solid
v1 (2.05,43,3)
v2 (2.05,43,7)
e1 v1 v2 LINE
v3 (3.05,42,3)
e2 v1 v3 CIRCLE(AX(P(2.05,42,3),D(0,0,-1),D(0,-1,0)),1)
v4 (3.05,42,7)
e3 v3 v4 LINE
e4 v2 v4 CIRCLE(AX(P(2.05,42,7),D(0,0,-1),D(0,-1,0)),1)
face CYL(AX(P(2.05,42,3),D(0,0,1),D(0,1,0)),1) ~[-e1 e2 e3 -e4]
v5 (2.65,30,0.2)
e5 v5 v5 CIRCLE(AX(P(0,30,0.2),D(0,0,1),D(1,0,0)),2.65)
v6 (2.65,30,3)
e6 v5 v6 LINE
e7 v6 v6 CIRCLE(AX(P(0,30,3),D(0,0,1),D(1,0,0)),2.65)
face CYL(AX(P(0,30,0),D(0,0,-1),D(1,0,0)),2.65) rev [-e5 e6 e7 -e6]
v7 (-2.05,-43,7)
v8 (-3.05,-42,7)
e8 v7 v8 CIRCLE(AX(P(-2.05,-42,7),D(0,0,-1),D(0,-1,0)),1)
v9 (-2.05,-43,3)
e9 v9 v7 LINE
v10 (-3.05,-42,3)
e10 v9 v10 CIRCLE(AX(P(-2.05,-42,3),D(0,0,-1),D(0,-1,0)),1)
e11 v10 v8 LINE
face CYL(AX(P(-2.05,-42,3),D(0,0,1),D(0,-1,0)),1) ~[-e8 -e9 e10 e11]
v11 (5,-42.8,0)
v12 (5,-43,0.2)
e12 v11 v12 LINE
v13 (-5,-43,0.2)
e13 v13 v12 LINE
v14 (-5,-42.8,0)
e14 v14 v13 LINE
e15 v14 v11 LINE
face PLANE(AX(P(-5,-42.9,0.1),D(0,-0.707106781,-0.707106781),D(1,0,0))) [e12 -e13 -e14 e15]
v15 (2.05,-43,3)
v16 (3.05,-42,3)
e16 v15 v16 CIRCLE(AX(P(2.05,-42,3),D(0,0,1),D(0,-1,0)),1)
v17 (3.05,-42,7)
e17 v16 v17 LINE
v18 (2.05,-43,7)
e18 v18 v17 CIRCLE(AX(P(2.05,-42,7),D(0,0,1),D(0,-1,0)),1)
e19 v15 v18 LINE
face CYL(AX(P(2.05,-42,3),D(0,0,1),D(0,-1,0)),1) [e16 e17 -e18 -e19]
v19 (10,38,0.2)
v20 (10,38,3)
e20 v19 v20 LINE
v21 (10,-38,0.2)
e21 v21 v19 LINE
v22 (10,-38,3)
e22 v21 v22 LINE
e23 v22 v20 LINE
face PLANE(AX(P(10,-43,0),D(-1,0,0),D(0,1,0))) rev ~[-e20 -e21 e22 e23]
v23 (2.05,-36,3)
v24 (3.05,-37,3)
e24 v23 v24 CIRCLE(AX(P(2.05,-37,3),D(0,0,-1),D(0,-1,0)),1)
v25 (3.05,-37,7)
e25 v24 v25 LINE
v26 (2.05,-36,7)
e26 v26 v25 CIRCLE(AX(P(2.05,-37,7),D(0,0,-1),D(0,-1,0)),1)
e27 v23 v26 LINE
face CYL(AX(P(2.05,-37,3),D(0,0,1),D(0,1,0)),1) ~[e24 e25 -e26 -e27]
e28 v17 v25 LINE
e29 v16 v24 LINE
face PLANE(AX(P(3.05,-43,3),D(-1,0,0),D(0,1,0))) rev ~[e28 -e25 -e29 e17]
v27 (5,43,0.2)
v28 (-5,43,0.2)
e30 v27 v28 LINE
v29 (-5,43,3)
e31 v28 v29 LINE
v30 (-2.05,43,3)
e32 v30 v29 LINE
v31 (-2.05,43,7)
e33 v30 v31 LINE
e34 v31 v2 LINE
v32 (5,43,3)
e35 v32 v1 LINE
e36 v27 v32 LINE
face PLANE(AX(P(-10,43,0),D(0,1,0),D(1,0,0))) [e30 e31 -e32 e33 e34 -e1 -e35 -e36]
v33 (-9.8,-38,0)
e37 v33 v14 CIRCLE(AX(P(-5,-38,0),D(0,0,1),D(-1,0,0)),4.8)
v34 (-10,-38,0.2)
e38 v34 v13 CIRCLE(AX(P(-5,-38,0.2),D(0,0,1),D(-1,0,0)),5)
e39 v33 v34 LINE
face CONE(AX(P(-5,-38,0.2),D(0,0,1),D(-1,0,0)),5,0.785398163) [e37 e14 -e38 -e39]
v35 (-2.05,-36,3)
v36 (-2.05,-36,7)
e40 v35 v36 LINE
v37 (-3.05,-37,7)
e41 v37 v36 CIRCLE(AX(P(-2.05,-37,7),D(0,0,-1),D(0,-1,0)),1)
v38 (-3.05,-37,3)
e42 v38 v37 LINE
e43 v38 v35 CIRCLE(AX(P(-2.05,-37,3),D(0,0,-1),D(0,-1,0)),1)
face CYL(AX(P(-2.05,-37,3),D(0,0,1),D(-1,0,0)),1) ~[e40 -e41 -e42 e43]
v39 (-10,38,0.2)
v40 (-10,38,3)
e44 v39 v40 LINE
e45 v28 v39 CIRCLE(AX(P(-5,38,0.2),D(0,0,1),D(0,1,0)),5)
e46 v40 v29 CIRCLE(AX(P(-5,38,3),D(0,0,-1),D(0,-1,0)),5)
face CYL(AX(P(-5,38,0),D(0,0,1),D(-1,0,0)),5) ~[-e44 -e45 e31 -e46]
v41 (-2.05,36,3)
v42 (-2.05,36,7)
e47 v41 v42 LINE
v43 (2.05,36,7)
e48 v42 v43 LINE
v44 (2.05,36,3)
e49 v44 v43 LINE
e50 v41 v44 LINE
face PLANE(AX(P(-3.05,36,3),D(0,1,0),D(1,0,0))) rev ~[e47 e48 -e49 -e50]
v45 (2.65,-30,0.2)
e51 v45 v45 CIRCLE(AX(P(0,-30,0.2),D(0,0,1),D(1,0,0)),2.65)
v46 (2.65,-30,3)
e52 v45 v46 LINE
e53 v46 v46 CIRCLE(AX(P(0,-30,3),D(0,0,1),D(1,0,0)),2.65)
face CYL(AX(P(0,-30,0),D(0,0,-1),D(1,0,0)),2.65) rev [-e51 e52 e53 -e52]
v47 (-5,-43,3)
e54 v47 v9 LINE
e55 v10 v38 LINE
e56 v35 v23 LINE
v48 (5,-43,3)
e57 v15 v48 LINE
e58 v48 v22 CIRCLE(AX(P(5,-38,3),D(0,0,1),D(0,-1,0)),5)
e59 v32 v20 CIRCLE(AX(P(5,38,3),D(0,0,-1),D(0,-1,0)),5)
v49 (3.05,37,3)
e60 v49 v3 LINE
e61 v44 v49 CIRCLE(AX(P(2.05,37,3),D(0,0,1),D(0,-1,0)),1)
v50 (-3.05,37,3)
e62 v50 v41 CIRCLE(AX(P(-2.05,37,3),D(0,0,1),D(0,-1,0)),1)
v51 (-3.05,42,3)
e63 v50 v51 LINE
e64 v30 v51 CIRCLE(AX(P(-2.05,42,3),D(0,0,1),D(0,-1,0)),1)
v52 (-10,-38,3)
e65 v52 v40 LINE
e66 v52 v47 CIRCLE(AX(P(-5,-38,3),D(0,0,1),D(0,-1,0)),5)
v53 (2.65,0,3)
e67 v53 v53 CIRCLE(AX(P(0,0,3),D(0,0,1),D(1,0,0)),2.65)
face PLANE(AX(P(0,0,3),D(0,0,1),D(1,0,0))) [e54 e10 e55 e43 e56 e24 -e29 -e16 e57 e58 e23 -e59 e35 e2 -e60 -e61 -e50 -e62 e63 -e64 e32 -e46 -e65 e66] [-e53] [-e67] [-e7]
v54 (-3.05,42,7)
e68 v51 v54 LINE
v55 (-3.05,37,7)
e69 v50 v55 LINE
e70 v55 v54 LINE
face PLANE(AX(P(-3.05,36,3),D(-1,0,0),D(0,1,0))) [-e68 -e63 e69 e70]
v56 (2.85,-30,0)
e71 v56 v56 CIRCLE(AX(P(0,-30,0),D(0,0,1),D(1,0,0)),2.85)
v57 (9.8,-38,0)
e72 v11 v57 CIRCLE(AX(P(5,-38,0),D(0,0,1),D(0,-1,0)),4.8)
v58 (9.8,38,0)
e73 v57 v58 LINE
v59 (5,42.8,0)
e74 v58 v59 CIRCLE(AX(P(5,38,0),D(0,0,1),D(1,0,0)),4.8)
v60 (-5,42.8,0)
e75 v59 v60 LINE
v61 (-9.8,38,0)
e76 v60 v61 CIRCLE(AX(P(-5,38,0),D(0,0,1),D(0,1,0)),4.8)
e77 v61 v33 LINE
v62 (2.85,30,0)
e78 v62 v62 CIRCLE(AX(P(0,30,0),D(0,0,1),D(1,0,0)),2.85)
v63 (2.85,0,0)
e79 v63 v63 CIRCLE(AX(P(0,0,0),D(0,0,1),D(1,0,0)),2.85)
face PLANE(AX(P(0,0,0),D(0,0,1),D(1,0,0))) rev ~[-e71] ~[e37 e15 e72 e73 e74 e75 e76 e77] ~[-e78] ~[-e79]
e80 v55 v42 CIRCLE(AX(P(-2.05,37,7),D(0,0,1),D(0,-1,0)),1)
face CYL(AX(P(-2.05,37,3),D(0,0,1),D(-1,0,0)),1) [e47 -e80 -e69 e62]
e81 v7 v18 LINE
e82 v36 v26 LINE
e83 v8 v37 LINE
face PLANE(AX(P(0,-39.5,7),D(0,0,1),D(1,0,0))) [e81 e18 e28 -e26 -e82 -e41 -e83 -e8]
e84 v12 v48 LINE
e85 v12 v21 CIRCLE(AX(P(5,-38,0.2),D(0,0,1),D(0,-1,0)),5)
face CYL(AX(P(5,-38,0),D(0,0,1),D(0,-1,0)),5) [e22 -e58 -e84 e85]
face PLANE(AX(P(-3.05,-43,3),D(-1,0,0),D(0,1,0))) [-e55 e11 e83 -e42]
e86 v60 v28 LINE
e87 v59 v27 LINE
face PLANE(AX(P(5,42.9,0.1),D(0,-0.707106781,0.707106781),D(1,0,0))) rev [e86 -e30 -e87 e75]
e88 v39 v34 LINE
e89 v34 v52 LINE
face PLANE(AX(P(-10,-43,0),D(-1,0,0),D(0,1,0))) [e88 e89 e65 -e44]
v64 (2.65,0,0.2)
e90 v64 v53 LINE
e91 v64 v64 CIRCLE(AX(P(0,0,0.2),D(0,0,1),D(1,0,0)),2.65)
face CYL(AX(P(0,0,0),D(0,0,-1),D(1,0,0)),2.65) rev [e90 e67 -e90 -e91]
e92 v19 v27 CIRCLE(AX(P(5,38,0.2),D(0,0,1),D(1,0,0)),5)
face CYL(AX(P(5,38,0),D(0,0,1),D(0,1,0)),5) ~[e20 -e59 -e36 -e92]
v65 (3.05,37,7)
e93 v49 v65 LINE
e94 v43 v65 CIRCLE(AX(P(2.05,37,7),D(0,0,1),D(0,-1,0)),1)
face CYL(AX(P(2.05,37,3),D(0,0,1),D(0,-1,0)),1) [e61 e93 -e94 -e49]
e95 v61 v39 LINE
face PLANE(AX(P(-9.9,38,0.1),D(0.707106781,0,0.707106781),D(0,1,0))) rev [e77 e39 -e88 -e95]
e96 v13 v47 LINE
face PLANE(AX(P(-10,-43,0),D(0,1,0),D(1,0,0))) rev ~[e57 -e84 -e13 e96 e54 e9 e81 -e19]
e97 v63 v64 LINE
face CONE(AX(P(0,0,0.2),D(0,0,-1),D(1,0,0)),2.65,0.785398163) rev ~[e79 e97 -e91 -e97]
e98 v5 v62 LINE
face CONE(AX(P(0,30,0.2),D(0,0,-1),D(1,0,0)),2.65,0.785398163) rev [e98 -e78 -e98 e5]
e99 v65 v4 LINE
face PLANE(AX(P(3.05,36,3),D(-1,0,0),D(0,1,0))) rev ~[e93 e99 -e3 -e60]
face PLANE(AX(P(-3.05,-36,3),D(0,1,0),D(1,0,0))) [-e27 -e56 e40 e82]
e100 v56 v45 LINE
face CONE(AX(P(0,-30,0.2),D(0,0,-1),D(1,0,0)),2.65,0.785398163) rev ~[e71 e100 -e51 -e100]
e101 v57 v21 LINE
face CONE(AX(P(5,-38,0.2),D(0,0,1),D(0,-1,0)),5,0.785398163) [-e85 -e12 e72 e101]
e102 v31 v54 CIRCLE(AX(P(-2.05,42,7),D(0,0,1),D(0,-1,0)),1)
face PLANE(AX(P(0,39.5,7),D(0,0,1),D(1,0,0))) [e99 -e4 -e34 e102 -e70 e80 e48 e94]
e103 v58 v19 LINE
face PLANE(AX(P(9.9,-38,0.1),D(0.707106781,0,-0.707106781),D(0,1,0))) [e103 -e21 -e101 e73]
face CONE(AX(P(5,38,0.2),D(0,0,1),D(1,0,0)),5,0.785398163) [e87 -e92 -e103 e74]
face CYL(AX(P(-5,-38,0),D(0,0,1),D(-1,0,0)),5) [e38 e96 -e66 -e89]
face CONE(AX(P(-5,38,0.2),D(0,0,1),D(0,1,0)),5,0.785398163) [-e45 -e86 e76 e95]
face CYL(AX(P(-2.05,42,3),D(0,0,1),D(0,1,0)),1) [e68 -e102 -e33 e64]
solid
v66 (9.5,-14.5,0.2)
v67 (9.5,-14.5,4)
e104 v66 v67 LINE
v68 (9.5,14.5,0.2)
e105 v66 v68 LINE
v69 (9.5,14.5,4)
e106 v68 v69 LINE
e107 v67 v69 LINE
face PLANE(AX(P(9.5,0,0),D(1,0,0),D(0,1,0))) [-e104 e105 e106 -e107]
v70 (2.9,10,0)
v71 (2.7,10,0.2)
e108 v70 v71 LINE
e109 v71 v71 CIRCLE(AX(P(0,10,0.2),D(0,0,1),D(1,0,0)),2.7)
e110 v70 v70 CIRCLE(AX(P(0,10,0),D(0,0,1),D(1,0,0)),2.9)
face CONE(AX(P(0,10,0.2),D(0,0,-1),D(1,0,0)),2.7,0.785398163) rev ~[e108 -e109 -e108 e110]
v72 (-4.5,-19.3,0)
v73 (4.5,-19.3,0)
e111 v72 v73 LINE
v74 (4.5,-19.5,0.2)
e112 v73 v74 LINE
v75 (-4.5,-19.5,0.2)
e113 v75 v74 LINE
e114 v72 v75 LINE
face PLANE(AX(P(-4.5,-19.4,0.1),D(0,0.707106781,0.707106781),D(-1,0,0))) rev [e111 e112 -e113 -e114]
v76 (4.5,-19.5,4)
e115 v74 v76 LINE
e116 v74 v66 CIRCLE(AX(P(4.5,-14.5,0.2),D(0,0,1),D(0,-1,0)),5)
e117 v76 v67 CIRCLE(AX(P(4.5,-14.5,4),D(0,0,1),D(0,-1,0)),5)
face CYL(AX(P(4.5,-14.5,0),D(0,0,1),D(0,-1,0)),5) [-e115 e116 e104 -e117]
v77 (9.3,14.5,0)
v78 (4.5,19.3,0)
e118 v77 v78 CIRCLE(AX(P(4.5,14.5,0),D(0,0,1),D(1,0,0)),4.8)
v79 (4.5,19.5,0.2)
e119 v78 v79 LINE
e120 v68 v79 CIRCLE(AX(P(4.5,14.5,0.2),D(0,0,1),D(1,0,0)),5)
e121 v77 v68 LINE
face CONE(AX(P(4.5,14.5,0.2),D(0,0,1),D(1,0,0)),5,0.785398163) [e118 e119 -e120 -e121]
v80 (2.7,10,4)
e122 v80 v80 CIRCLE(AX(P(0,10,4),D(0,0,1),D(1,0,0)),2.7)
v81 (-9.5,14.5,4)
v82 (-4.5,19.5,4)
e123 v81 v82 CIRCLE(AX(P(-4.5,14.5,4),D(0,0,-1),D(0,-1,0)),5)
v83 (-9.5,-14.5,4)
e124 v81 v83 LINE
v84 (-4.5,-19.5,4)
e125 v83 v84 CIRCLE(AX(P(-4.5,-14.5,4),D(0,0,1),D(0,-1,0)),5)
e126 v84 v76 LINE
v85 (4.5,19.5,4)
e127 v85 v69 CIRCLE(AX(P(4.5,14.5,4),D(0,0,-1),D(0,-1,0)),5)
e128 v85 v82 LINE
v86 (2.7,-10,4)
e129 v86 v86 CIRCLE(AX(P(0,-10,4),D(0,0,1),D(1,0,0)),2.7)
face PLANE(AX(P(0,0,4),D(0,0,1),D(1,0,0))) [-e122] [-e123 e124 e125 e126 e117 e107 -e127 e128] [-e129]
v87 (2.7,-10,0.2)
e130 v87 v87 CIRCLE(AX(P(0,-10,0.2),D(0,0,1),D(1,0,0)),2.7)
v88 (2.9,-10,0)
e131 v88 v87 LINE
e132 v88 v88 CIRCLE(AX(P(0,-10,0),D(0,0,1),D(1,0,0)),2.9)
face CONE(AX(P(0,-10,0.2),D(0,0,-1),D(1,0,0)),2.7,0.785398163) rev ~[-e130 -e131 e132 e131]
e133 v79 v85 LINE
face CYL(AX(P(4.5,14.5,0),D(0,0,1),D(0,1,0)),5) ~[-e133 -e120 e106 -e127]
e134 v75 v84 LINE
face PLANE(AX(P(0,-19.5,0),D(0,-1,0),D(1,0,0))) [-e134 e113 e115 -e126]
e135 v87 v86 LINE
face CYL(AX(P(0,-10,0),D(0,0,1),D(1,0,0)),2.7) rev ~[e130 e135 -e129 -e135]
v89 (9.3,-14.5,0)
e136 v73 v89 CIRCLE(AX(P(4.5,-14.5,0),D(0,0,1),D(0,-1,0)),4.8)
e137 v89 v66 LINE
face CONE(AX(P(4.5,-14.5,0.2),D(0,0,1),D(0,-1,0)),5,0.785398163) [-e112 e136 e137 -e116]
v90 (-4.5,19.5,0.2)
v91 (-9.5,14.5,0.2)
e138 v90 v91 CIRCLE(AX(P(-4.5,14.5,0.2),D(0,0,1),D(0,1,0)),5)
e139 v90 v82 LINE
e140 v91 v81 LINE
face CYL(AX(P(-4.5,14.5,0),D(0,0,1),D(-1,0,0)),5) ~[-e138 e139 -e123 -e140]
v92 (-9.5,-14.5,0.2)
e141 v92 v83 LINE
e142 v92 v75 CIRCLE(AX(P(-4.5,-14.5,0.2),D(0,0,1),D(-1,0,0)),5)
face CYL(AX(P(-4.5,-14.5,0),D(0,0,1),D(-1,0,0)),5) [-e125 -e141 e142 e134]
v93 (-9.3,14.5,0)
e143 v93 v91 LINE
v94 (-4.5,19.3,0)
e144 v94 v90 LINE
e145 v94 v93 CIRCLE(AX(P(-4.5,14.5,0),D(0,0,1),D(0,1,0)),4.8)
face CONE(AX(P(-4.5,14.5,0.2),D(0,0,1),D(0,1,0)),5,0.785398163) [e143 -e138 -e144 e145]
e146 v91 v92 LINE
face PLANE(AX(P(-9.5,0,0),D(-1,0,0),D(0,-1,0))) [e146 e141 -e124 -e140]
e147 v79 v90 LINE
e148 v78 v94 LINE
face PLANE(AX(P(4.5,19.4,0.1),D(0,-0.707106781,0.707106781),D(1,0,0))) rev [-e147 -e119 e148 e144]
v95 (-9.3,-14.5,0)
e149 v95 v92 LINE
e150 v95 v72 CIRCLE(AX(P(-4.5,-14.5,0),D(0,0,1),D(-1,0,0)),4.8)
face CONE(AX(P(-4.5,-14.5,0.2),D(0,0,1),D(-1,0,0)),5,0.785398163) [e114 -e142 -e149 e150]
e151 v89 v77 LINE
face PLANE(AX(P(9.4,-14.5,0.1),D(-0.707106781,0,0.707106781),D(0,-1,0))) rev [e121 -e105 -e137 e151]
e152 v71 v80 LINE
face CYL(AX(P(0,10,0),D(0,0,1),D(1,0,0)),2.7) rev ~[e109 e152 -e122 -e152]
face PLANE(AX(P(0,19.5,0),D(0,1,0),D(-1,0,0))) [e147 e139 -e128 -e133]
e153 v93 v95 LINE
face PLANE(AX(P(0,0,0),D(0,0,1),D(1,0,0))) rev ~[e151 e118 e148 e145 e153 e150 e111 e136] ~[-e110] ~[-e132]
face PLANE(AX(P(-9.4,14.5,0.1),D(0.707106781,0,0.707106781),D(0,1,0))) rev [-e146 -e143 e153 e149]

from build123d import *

# Parameters (mm, degrees)
F0_W       = 19
F0_H       = 39
F0_R       = 2.7
F3_R       = 5
F4_W       = 20
F4_H       = 86
F4_R       = 2.65
F5_DEPTH   = 3
F6_W       = 6.1
F6_H       = 7
F7_DEPTH   = 4
F8_R       = 5
F9_R       = 1
F10_SIZE   = 0.2
F10_2_SIZE = 0.2


with BuildPart() as f2:
    # F2: sweep along a path in F1
    with BuildLine(Plane.XZ) as f2_path:
        Line((0, 0), (0, 4))
    # F0 (on Top) → F2 (sweep)
    with BuildSketch(Plane.XY):
        Rectangle(F0_W, F0_H)
        with Locations((0, -10)):
            Circle(F0_R, mode=Mode.SUBTRACT)
        with Locations((0, 10)):
            Circle(F0_R, mode=Mode.SUBTRACT)
    sweep(path=f2_path.line)

    # F3
    f3_edges = [f2.edges().sort_by_distance(p)[0] for p in [
        (-9.5, -19.5, 2),
        (9.5, -19.5, 2),
        (-9.5, 19.5, 2),
        (9.5, 19.5, 2),
    ]]
    fillet(f3_edges, radius=F3_R)

    # F10
    f10_edges = [f2.edges().sort_by_distance(p)[0] for p in [
        (9.5, 0, 0),
        (8.035534, -18.035534, 0),
        (8.035534, 18.035534, 0),
        (0, -19.5, 0),
        (0, 19.5, 0),
        (-8.035534, -18.035534, 0),
        (-8.035534, 18.035534, 0),
        (-9.5, 0, 0),
        (-2.7, -10, 0),
        (-2.7, 10, 0),
    ]]
    chamfer(f10_edges, length=F10_SIZE)


with BuildPart() as f5:
    # F4 (on Top) → F5 (new body)
    with BuildSketch(Plane.XY):
        Rectangle(F4_W, F4_H)
        with Locations((0, -30)):
            Circle(F4_R, mode=Mode.SUBTRACT)
        Circle(F4_R, mode=Mode.SUBTRACT)
        with Locations((0, 30)):
            Circle(F4_R, mode=Mode.SUBTRACT)
    extrude(amount=F5_DEPTH)

    # F6 (on face) → F7 (join)
    with BuildSketch(Plane.XY.offset(3)):
        with Locations((0, 39.5)):
            Rectangle(F6_W, F6_H)
        with Locations((0, -39.5)):
            Rectangle(F6_W, F6_H)
    extrude(amount=F7_DEPTH)

    # F8
    f8_edges = [f5.edges().sort_by_distance(p)[0] for p in [
        (-10, -43, 1.5),
        (10, -43, 1.5),
        (-10, 43, 1.5),
        (10, 43, 1.5),
    ]]
    fillet(f8_edges, radius=F8_R)

    # F9
    f9_edges = [f5.edges().sort_by_distance(p)[0] for p in [
        (-3.05, -43, 5),
        (3.05, -43, 5),
        (-3.05, -36, 5),
        (3.05, -36, 5),
        (3.05, 43, 5),
        (3.05, 36, 5),
        (-3.05, 36, 5),
        (-3.05, 43, 5),
    ]]
    fillet(f9_edges, radius=F9_R)

    # F10#2
    f10_2_edges = [f5.edges().sort_by_distance(p)[0] for p in [
        (10, 0, 0),
        (8.535534, -41.535534, 0),
        (8.535534, 41.535534, 0),
        (0, -43, 0),
        (0, 43, 0),
        (-8.535534, -41.535534, 0),
        (-8.535534, 41.535534, 0),
        (-10, 0, 0),
        (-2.65, -30, 0),
        (-2.65, 0, 0),
        (-2.65, 30, 0),
    ]]
    chamfer(f10_2_edges, length=F10_2_SIZE)


solid = Compound([f2.part, f5.part])
